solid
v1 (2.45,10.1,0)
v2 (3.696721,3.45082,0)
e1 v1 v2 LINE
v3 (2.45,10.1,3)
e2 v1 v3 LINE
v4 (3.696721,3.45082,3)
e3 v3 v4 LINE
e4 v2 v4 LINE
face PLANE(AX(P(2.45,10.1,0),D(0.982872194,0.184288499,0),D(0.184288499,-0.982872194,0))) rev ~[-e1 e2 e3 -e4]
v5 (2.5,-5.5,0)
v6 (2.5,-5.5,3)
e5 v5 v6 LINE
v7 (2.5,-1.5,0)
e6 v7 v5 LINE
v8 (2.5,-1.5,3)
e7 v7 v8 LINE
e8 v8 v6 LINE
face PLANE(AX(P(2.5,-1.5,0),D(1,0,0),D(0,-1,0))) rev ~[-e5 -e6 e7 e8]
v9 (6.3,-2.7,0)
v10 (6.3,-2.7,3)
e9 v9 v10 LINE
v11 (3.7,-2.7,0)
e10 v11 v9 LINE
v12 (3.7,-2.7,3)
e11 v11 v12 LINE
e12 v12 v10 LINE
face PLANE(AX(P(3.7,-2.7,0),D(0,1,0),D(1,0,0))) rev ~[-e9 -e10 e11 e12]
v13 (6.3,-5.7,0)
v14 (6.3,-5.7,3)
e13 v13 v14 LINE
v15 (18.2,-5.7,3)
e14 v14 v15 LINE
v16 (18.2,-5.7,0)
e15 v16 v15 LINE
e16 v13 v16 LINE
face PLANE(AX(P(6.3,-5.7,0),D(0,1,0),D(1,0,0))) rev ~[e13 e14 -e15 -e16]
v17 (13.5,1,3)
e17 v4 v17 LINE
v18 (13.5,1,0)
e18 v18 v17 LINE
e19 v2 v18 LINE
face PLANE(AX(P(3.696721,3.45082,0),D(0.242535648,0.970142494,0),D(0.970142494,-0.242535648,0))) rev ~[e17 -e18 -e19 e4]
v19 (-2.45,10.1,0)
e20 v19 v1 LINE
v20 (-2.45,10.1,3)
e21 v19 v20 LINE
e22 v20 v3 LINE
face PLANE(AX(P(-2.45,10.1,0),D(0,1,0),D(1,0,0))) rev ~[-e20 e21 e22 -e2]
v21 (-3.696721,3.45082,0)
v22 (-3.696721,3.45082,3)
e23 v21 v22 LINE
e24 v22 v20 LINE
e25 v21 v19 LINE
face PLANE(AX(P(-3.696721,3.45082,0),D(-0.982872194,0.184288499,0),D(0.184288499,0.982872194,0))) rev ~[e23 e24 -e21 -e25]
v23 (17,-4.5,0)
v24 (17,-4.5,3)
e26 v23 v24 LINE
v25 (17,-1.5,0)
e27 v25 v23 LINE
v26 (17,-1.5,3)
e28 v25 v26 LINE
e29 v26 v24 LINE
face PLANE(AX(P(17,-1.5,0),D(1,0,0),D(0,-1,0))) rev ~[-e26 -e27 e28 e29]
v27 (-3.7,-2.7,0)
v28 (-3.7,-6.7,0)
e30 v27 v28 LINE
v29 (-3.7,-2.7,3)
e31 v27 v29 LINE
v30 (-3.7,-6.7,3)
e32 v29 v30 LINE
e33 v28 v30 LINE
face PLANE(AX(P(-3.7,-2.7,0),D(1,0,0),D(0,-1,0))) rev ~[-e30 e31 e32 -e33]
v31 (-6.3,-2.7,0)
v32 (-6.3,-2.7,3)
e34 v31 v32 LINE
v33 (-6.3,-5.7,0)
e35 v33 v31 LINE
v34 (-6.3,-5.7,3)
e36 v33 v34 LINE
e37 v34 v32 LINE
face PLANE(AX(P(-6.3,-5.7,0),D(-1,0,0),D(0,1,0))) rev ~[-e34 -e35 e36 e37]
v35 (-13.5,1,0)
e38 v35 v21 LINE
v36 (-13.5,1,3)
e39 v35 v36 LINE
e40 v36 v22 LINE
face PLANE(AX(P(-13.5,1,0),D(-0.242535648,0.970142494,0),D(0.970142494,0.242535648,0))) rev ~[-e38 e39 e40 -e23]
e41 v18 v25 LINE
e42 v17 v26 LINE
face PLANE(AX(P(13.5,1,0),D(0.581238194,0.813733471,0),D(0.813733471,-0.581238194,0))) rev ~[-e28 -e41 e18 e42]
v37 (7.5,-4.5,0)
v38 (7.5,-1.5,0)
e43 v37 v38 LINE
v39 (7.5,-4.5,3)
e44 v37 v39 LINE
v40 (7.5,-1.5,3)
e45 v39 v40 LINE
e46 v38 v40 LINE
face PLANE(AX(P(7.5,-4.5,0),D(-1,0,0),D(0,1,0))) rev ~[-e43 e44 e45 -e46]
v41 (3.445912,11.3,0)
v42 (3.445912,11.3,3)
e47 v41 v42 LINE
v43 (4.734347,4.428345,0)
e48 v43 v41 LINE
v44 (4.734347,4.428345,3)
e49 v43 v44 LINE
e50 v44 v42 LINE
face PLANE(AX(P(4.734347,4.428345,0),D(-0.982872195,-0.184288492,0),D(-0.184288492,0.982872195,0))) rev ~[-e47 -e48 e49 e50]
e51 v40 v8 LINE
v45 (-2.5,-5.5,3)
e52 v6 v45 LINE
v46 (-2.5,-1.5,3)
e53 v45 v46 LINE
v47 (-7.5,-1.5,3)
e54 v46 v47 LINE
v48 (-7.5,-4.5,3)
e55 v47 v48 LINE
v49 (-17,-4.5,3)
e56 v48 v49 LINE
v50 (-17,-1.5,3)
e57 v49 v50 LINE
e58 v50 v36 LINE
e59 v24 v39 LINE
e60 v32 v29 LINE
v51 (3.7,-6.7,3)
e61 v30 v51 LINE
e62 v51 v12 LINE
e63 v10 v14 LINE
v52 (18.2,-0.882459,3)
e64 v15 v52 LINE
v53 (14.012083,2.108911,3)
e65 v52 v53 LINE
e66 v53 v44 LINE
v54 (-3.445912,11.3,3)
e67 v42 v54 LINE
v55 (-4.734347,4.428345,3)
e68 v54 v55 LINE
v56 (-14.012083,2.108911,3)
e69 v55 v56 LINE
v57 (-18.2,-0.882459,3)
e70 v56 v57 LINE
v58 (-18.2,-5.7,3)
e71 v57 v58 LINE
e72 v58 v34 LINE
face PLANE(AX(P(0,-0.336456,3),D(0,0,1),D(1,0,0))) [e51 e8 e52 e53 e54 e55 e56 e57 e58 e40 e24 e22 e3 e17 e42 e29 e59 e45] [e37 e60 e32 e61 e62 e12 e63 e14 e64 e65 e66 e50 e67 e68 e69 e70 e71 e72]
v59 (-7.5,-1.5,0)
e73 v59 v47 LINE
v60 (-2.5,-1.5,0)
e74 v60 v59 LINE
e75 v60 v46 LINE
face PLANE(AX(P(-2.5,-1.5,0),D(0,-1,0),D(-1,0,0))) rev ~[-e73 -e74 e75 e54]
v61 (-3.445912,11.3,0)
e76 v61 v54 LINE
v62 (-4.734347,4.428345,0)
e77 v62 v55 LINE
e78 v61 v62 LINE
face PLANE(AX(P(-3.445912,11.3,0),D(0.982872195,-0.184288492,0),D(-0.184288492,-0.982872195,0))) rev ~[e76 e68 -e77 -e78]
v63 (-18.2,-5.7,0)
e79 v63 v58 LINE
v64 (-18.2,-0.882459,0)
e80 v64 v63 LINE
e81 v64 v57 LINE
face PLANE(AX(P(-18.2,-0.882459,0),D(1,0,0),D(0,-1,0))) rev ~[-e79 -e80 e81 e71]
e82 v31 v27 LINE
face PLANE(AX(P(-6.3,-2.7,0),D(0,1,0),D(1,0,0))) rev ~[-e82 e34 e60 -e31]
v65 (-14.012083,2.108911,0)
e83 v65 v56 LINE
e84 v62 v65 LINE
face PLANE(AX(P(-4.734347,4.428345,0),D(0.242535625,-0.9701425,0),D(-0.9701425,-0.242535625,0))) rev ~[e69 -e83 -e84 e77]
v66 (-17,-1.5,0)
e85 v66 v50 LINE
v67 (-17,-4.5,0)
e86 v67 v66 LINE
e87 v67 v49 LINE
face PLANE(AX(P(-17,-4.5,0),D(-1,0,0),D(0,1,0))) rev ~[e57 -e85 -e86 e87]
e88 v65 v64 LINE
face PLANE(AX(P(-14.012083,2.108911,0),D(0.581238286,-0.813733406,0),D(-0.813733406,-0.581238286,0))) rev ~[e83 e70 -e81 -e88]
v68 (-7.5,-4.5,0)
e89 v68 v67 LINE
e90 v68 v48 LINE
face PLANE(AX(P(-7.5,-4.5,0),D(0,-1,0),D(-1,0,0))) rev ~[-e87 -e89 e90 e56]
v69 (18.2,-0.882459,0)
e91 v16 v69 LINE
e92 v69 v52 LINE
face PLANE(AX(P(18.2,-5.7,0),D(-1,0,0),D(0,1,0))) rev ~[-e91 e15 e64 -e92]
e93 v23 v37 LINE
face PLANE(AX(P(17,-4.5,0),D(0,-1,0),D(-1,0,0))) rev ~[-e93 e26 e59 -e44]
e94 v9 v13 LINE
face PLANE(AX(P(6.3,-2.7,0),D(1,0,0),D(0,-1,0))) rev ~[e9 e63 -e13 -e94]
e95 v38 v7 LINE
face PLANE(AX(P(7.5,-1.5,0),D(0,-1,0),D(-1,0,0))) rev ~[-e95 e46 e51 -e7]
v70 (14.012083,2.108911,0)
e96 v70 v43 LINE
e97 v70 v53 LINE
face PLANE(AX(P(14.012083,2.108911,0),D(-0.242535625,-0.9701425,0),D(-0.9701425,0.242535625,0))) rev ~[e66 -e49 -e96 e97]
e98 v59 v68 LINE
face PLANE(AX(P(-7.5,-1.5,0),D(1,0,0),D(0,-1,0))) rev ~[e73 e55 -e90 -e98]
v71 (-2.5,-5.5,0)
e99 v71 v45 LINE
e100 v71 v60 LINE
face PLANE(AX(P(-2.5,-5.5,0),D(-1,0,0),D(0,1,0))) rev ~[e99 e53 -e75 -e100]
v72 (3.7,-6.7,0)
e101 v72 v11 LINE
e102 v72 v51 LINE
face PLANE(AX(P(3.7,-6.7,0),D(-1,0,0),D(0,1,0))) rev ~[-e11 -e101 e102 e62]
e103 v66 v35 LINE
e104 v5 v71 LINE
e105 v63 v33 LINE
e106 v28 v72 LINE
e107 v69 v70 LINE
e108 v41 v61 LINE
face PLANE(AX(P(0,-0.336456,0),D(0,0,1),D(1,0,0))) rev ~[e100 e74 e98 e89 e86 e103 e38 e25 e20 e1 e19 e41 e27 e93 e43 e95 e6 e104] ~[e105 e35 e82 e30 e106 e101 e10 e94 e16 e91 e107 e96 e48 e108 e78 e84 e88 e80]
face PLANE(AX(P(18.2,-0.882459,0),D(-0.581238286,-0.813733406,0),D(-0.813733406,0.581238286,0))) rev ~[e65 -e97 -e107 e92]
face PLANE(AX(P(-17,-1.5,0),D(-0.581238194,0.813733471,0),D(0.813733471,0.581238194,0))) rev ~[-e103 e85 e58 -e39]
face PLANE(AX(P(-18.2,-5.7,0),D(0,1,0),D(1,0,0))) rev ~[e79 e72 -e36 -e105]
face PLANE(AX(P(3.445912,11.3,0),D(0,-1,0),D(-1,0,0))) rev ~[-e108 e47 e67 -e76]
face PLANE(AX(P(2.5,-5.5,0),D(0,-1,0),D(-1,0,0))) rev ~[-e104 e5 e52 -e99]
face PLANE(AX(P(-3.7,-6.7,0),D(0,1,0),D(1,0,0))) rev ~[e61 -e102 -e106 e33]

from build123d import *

# Parameters (mm, degrees)
F1_DEPTH = 3


with BuildPart() as f1:
    # F0 (on Top) → F1 (new body)
    with BuildSketch(Plane.XY):
        Polygon((0, -6.7), (3.7, -6.7), (3.7, -2.7), (6.3, -2.7), (6.3, -5.7), (18.2, -5.7), (18.2, -0.882459), (14.012083, 2.108911), (4.734347, 4.428345), (3.445912, 11.3), (0, 11.3), (-3.445912, 11.3), (-4.734347, 4.428345), (-14.012083, 2.108911), (-18.2, -0.882459), (-18.2, -5.7), (-6.3, -5.7), (-6.3, -2.7), (-3.7, -2.7), (-3.7, -6.7), align=None)
        Polygon((2.5, -1.5), (2.5, -5.5), (0, -5.5), (-2.5, -5.5), (-2.5, -1.5), (-7.5, -1.5), (-7.5, -4.5), (-17, -4.5), (-17, -1.5), (-13.5, 1), (-3.696721, 3.45082), (-2.45, 10.1), (0, 10.1), (2.45, 10.1), (3.696721, 3.45082), (13.5, 1), (17, -1.5), (17, -4.5), (7.5, -4.5), (7.5, -1.5), align=None, mode=Mode.SUBTRACT)
    extrude(amount=F1_DEPTH)


solid = f1.part
